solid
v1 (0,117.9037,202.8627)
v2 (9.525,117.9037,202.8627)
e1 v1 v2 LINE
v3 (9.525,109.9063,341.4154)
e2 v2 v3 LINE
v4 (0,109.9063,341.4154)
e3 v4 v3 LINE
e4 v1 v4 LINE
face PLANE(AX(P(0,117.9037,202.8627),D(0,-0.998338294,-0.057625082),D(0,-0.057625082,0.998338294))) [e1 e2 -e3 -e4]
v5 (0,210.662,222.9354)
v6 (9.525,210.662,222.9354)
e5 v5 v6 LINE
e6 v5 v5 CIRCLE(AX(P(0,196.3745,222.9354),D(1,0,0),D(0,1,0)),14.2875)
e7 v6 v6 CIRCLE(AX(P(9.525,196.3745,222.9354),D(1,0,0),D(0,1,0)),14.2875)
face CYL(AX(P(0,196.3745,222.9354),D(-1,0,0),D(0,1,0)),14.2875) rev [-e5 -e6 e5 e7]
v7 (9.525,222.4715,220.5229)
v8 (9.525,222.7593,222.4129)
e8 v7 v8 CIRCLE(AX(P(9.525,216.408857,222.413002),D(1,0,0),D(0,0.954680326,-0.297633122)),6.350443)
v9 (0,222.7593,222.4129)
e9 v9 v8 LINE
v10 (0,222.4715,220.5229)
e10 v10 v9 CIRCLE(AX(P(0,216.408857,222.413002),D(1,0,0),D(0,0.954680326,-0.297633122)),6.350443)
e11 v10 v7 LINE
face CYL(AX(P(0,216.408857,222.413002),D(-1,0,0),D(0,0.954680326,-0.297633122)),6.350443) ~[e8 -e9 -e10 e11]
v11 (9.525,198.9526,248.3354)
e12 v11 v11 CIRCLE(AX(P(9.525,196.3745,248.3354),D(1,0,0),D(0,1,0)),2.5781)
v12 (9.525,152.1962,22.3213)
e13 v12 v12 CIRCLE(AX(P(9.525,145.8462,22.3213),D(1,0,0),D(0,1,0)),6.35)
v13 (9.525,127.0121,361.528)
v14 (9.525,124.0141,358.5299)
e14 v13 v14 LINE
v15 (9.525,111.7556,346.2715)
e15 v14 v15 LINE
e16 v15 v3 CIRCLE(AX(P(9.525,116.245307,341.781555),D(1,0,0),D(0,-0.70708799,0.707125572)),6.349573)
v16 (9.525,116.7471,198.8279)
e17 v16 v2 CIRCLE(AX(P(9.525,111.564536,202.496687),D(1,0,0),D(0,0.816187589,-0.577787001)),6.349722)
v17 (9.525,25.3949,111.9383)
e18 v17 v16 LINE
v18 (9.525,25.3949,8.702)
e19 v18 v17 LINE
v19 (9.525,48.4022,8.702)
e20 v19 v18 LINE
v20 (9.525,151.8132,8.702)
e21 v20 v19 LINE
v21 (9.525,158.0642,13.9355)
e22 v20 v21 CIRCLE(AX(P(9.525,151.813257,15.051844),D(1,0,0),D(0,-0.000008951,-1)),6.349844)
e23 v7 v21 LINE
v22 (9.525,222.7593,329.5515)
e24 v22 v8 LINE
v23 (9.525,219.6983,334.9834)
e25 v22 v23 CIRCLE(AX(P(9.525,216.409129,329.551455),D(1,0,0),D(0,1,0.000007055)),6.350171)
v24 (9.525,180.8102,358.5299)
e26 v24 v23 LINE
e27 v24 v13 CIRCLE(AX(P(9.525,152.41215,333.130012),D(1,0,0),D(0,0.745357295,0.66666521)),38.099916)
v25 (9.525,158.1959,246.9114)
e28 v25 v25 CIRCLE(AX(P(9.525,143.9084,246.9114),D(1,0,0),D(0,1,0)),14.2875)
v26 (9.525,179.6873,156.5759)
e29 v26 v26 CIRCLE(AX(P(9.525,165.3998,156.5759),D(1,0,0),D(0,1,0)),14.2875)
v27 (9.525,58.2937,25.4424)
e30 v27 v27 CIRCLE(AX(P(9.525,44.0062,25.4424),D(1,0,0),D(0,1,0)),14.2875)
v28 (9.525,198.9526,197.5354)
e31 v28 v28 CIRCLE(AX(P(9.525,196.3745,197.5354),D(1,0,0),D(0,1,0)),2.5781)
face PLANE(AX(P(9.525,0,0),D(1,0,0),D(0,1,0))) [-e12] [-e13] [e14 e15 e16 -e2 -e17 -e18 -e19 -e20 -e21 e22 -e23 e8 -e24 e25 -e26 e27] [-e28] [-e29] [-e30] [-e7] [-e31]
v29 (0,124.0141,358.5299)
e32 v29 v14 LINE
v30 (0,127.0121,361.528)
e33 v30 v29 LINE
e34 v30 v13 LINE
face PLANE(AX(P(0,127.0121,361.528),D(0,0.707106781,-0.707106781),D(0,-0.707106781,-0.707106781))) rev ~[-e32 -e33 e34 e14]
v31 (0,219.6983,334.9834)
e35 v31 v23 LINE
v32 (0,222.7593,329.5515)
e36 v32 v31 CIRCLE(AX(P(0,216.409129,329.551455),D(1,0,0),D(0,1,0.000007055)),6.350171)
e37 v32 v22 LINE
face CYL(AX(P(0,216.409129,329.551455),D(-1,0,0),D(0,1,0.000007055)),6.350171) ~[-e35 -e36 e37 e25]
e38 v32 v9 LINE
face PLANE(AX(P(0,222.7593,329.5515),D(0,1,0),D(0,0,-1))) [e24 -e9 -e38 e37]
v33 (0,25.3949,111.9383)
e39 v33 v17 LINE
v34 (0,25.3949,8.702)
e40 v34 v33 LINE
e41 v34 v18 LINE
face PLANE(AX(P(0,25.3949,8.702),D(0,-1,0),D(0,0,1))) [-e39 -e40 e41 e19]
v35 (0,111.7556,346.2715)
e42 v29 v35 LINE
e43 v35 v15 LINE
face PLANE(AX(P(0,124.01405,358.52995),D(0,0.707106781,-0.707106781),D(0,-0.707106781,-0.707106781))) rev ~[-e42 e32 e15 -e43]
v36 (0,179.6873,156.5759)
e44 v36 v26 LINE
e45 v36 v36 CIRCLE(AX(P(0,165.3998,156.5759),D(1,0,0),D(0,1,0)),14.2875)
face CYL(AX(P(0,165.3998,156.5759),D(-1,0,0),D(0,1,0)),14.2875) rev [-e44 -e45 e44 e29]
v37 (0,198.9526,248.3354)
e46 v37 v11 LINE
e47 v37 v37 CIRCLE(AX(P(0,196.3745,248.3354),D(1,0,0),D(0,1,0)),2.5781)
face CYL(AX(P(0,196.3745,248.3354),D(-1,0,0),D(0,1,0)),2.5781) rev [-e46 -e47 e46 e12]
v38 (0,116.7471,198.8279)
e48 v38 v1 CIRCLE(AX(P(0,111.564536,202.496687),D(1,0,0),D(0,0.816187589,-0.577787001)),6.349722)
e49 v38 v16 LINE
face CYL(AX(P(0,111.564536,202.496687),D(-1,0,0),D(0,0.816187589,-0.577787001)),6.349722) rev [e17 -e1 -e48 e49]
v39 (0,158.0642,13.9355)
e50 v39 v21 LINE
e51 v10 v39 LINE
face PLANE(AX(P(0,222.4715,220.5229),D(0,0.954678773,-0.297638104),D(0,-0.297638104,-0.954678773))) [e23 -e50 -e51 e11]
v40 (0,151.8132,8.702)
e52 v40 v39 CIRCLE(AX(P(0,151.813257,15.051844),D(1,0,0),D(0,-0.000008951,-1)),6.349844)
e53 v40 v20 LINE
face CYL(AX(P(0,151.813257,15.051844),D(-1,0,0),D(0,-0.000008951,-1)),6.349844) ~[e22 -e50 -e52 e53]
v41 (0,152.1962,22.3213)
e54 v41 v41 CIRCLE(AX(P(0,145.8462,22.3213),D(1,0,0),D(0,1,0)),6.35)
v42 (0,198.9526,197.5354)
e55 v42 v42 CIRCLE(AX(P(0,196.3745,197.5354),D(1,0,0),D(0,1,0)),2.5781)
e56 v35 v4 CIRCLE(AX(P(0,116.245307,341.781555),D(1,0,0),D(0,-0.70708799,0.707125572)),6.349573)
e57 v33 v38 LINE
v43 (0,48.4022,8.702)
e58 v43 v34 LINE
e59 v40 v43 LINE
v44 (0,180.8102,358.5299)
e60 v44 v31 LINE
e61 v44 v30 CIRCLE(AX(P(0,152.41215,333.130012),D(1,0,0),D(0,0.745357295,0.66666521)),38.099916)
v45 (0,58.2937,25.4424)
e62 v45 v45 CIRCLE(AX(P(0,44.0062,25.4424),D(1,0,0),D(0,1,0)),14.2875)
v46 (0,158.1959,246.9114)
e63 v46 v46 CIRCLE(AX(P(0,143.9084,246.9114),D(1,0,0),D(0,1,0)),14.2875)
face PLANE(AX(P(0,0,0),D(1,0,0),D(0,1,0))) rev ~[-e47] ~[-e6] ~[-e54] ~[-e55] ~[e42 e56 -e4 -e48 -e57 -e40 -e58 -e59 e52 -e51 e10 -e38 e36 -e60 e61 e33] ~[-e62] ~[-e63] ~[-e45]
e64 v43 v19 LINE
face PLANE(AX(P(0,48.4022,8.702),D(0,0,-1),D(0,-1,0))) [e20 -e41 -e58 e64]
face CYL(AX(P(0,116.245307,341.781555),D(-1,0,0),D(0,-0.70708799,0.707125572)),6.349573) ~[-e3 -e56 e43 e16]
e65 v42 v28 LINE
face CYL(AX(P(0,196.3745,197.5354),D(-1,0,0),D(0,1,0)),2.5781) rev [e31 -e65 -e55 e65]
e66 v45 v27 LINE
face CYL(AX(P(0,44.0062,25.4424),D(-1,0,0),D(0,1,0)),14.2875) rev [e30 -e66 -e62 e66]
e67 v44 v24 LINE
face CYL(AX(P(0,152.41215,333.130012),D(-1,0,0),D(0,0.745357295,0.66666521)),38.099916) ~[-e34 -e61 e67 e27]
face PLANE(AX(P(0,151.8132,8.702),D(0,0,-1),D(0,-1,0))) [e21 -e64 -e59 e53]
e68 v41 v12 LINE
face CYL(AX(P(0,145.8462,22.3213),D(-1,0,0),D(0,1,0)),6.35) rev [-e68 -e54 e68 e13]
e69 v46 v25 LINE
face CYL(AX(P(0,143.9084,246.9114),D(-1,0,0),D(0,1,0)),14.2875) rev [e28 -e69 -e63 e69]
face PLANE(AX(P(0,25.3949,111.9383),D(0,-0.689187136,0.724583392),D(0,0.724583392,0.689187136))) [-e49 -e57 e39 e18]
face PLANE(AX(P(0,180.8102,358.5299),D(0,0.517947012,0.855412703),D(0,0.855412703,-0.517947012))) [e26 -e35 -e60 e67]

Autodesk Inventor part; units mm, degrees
ref_plane "YZ Plane" through (0, 0, 0) normal (1, 0, 0) x (0, 1, 0)
ref_plane "XZ Plane" through (0, 0, 0) normal (0, 1, 0) x (-1, 0, 0)
ref_plane "XY Plane" through (0, 0, 0) normal (0, 0, 1) x (1, 0, 0)
sketch "Sketch1" plane through (0, 0, 0) normal (1, 0, 0) x (0, 1, 0)
  circle A0 centre (143.9084, 246.9114) radius 25.4 construction
  circle A1 centre (165.3998, 156.5759) radius 25.4 construction
  circle A2 centre (143.9084, 246.9114) radius 14.2875
  circle A3 centre (165.3998, 156.5759) radius 14.2875
  arc A4 (180.8102, 358.5299) -> (124.0141, 358.5299) centre (152.4121, 333.1299) ccw
  line L0 (127.0121, 361.528) -> (111.7556, 346.2715)
  line L1 (151.8132, 8.702) -> (48.4022, 8.702)
  line L2 (117.9037, 202.8627) -> (109.9063, 341.4154)
  arc A5 (111.7556, 346.2715) -> (109.9063, 341.4154) centre (116.2457, 341.7813) ccw
  arc A6 (116.7471, 198.8279) -> (117.9037, 202.8627) centre (111.5643, 202.4968) ccw
  arc A7 (151.8132, 8.702) -> (158.0642, 13.9355) centre (151.8132, 15.052) ccw
  circle A8 centre (44.0062, 25.4424) radius 14.2875
  line L3 (48.4022, 8.702) -> (25.3949, 8.702)
  line L4 (180.8102, 358.5299) -> (219.6983, 334.9834)
  line L5 (222.7593, 329.5515) -> (222.7593, 222.4129)
  line L6 (222.4715, 220.5229) -> (158.0642, 13.9355)
  arc A9 (222.7593, 329.5515) -> (219.6983, 334.9834) centre (216.4093, 329.5515) ccw
  arc A10 (222.4715, 220.5229) -> (222.7593, 222.4129) centre (216.4093, 222.4129) ccw
  circle A11 centre (196.3745, 222.9354) radius 14.2875
  circle A12 centre (196.3745, 197.5354) radius 2.5781
  circle A13 centre (196.3745, 248.3354) radius 2.5781
  line L7 (25.3949, 111.9383) -> (116.7471, 198.8279)
  line L8 (25.3949, 8.702) -> (25.3949, 111.9383)
  circle A14 centre (145.8462, 22.3213) radius 6.35
  point P0 (177.8121, 361.528)
  dimension "d2" = 28.575
  dimension "d3" = 28.575
  dimension "d18" = 6.35
  dimension "d19" = 28.575
  dimension "d21" = 5.1562
  dimension "d36" = 12.7
extrude "Extrusion1" add sketch "Sketch1" along normal blind 9.525 contours L4 A9 L5 A10 L6 A7 L1 L3 L8 L7 A6 L2 A5 L0 A4
properties part number "Intake-v1"
